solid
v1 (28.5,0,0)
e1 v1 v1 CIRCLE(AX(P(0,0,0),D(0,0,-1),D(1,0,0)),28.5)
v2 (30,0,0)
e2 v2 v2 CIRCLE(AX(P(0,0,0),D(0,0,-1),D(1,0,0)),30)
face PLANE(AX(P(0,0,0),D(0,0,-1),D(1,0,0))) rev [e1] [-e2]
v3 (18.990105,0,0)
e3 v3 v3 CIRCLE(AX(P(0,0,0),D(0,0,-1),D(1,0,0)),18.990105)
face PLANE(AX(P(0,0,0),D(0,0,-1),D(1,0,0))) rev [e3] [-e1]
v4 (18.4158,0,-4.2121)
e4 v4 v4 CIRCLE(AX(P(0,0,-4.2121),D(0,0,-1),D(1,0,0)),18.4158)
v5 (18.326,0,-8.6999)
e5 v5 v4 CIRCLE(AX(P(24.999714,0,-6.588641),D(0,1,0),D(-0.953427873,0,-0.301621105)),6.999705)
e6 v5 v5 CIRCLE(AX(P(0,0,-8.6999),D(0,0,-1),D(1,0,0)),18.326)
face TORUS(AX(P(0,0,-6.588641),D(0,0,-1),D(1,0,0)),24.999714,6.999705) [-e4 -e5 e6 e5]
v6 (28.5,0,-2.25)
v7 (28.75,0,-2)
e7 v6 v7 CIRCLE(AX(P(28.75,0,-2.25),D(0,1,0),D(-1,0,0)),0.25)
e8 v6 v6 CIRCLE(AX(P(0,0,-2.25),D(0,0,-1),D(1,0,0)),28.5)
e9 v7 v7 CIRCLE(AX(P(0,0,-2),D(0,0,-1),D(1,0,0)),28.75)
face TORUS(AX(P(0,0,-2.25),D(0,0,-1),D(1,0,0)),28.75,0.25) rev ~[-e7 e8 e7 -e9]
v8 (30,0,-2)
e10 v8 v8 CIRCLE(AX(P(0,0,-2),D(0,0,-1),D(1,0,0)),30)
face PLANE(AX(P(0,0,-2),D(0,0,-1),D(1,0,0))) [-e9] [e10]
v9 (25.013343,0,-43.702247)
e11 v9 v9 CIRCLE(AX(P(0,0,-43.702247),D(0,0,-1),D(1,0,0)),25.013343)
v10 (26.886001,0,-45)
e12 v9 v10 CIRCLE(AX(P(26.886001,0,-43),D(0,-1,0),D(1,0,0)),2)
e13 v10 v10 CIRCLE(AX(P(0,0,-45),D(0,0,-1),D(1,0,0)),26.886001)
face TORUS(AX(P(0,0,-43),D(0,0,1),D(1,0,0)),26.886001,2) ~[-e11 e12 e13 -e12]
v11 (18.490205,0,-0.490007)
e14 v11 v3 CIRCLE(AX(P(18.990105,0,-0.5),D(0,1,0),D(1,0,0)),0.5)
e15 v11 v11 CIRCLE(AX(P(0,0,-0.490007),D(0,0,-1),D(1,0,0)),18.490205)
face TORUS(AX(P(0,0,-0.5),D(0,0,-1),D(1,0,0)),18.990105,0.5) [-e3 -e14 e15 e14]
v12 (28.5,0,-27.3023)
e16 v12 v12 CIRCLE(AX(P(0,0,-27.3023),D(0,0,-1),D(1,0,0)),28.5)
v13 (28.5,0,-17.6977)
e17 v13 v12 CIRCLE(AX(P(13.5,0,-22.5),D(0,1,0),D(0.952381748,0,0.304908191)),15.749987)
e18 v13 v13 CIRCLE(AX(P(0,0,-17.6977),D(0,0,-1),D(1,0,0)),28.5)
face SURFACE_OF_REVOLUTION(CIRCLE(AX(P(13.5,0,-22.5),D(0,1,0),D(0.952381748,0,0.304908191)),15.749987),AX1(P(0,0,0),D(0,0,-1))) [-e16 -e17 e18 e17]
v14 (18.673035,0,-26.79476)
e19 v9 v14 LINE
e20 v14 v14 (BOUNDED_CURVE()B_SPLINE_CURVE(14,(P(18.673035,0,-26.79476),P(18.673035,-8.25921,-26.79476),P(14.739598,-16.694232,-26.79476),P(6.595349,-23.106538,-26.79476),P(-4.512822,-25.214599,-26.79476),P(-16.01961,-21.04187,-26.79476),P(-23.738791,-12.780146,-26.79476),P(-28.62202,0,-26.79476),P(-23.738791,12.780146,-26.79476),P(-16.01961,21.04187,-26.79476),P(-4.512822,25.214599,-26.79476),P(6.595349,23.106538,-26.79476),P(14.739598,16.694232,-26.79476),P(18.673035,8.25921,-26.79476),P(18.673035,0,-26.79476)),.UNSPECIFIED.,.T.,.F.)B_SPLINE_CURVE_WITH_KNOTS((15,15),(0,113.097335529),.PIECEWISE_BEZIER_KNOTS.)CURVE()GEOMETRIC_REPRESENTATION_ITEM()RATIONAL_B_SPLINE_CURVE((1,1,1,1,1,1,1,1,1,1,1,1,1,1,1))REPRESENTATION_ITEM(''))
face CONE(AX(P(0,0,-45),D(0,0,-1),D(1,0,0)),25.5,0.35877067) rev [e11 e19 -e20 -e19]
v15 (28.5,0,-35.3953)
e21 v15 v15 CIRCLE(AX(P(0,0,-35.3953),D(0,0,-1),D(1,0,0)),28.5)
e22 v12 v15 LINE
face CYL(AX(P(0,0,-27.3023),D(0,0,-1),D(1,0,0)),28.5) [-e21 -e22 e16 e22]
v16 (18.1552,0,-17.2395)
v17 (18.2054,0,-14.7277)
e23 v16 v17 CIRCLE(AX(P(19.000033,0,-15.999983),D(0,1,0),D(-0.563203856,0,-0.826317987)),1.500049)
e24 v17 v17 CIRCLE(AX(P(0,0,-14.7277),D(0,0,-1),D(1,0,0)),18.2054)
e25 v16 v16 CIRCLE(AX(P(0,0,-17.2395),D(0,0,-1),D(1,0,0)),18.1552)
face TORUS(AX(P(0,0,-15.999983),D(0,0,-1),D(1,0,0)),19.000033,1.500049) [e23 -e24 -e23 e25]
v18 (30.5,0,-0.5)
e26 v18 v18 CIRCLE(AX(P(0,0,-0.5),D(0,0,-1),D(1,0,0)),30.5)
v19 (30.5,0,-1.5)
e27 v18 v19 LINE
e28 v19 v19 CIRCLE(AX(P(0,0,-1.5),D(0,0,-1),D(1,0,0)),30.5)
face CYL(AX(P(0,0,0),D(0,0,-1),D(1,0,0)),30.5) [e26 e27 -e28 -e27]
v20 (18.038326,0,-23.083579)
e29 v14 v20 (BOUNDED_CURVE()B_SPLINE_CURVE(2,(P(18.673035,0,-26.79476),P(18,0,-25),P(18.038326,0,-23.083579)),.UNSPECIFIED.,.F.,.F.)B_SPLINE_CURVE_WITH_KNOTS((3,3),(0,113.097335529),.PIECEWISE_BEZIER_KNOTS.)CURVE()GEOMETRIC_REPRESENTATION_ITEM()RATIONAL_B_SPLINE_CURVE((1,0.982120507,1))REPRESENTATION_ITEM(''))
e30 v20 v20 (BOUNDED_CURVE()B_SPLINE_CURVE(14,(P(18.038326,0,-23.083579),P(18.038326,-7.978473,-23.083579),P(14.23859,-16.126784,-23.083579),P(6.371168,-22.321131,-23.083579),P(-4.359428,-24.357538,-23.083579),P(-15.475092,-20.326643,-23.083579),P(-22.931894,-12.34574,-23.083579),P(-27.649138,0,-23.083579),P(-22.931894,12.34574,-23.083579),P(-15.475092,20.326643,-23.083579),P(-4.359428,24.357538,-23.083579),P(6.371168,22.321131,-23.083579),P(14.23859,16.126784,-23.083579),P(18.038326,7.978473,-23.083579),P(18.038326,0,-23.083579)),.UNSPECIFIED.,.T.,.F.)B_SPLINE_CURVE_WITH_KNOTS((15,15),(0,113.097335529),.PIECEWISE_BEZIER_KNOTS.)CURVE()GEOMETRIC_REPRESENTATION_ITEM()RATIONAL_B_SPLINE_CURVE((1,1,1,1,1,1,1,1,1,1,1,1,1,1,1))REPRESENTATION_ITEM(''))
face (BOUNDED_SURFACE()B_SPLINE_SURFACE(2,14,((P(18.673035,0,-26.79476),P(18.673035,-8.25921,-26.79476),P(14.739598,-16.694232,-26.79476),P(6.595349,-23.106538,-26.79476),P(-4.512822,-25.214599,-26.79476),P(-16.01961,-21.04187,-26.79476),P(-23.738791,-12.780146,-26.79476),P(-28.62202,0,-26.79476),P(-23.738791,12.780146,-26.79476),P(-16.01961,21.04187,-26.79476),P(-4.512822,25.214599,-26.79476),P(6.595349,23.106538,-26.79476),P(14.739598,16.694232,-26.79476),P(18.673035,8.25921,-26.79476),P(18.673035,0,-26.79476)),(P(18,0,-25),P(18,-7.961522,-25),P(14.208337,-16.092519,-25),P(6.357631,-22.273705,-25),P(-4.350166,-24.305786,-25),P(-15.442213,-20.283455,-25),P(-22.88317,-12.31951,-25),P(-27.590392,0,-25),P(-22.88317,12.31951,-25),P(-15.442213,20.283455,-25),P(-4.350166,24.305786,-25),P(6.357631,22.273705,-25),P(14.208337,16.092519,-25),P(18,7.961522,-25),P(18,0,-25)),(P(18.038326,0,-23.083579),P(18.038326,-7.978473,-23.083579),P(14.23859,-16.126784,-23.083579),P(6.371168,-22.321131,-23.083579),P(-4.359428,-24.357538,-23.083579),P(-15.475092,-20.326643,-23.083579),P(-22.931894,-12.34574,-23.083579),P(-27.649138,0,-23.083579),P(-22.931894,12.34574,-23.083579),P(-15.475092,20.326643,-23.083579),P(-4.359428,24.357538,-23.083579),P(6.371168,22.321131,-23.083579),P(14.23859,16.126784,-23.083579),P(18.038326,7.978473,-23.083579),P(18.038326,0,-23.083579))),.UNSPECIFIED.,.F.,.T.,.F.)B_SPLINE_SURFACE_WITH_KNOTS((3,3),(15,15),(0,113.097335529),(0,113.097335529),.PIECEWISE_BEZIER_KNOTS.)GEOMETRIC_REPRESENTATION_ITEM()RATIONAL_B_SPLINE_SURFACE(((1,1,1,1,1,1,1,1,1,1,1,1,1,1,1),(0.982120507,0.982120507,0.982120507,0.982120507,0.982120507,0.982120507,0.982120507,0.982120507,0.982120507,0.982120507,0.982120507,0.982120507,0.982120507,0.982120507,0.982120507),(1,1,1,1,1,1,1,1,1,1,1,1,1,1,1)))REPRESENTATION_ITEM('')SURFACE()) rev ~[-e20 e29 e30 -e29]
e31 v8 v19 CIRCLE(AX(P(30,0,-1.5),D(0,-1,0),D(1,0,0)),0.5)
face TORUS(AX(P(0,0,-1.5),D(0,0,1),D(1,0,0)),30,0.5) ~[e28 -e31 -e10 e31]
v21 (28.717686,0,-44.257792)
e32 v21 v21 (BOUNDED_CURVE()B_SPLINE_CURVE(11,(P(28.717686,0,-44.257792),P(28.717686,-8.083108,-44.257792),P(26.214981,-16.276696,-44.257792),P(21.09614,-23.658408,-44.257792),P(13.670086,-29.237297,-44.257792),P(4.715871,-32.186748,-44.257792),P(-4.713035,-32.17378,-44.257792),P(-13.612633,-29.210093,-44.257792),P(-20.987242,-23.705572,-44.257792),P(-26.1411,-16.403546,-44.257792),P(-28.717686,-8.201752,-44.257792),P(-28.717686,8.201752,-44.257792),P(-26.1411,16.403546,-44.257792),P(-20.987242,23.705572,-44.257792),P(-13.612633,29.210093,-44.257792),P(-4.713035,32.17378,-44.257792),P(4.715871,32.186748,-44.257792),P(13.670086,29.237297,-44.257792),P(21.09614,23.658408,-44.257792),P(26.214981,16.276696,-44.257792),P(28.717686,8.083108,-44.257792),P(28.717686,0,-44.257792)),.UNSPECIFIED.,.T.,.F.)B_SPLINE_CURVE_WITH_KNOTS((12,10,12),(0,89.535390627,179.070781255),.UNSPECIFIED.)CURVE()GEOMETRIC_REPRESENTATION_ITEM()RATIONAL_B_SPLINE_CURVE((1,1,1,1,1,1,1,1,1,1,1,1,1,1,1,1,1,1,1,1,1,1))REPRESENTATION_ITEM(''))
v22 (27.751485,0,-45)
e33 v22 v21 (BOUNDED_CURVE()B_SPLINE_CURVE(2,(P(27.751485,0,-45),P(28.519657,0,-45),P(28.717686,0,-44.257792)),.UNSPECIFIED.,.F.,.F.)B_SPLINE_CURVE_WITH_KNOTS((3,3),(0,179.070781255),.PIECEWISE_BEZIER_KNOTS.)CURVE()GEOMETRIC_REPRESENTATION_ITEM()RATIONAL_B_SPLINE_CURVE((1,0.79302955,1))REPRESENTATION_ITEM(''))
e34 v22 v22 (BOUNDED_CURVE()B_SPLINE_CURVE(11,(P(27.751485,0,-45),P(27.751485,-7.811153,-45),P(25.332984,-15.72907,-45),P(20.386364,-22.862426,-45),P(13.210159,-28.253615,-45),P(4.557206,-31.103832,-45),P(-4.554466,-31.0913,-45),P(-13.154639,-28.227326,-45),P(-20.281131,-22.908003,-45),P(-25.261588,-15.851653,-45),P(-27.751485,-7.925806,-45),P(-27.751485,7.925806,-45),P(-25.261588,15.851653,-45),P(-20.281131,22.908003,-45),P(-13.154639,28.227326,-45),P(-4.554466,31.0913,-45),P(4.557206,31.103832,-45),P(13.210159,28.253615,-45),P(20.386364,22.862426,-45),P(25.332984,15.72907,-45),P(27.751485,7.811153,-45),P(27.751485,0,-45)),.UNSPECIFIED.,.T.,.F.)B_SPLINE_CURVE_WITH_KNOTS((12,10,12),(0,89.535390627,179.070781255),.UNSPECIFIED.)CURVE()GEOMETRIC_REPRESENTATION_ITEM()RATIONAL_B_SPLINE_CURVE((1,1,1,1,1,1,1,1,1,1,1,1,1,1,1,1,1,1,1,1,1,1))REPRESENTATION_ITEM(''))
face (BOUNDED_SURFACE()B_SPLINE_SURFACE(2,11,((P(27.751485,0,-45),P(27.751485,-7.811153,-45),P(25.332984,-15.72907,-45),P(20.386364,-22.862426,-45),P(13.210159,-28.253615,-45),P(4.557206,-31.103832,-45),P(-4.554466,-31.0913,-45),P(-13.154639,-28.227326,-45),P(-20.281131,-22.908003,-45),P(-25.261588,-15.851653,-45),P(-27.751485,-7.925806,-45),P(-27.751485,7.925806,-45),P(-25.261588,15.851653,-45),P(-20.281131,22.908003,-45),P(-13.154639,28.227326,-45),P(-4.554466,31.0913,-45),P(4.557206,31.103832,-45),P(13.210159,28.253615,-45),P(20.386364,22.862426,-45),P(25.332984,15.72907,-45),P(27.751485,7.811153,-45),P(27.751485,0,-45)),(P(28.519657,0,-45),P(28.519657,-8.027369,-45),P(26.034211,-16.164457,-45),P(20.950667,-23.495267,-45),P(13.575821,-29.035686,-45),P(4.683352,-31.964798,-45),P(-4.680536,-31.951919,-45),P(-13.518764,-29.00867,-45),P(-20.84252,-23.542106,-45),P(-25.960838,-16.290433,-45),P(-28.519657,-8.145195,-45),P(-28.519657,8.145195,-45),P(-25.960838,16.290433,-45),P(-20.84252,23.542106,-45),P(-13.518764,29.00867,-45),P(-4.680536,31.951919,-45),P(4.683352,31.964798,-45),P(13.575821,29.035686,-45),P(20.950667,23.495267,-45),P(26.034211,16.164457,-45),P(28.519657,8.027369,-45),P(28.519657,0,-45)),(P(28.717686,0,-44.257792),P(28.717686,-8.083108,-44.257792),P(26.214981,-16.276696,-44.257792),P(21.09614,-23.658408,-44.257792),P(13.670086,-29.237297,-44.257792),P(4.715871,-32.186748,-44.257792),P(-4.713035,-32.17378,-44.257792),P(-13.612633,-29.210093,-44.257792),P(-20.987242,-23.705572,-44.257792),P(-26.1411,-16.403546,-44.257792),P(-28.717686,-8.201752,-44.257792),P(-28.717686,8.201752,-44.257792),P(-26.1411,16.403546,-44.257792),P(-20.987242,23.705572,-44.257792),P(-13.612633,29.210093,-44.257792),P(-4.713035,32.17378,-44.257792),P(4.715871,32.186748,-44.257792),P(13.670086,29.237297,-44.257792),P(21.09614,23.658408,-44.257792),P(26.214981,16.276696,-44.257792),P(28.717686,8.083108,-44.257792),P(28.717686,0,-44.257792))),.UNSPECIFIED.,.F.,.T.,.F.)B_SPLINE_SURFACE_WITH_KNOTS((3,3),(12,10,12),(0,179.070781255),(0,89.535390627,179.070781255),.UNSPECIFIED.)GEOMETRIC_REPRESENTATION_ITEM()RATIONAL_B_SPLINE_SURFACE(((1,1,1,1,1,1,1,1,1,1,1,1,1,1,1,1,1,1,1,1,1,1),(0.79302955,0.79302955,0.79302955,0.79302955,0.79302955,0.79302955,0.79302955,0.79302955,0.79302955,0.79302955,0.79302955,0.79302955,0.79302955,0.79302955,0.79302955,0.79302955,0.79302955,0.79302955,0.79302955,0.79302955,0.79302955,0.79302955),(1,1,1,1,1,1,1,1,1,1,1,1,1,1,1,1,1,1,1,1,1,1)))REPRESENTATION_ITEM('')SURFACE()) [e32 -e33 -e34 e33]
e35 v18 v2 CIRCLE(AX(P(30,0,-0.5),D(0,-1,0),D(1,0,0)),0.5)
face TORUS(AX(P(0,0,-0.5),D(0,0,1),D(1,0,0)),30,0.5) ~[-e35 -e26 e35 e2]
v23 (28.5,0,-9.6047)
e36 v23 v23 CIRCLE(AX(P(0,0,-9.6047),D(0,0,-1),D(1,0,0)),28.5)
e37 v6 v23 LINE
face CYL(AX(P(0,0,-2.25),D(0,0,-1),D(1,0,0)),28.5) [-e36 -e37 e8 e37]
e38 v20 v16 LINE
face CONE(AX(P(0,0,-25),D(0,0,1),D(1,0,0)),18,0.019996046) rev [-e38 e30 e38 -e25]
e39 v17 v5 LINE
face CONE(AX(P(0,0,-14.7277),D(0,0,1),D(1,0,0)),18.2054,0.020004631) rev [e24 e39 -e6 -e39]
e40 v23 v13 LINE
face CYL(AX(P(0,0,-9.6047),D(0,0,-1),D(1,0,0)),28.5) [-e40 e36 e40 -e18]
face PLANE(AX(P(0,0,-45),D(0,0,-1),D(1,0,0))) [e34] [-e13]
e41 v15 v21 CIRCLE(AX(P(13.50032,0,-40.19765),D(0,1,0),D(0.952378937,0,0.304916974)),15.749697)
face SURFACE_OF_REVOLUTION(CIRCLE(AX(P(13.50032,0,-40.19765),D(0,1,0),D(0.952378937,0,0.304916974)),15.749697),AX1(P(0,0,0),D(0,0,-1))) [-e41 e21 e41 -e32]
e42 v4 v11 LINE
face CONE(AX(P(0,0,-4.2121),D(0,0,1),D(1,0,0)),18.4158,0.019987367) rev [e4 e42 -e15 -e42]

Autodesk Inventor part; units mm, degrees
ref_plane "YZ Plane" through (0, 0, 0) normal (1, 0, 0) x (0, 1, 0)
ref_plane "XZ Plane" through (0, 0, 0) normal (0, 1, 0) x (-1, 0, 0)
ref_plane "XY Plane" through (0, 0, 0) normal (0, 0, 1) x (1, 0, 0)
sketch "Sketch1" plane through (0, 0, 0) normal (0, 1, 0) x (-1, 0, 0)
  line L0 (0, 0) -> (0, -30)
  line L1 (0, 0) -> (-28.5, 0)
  line L2 (-28.5, -45) -> (-25.5, -45)
  line L3 (-25.5, -45) -> (-18, -25)
  line L4 (-18, -25) -> (-18.1552, -17.2395)
  arc A0 (-28.5, -35.3953) -> (-28.5, -45) centre (-13.5, -40.1977) ccw
  arc A1 (-28.5, -17.6977) -> (-28.5, -27.3023) centre (-13.5, -22.5) ccw
  line L5 (-28.5, -27.3023) -> (-28.5, -35.3953)
  line L6 (-28.5, -9.6047) -> (-28.5, -17.6977)
  arc A2 (-18.1552, -17.2395) -> (-18.2054, -14.7277) centre (-19, -16) ccw
  line L7 (-18.2054, -14.7277) -> (-18.326, -8.6999)
  line L8 (-30.5, 0) -> (-30.5, -2)
  line L9 (-30.5, -2) -> (-28.75, -2)
  line L10 (-28.5, 0) -> (-30.5, 0)
  line L11 (-28.5, -2.25) -> (-28.5, -9.6047)
  arc A3 (-28.5, -2.25) -> (-28.75, -2) centre (-28.75, -2.25) ccw
  arc A4 (-18.326, -8.6999) -> (-18.4158, -4.2121) centre (-25, -6.5886) ccw
  line L12 (-18.4158, -4.2121) -> (-18.5, 0)
  dimension "d0" = 30
  dimension "d13" = 3
  dimension "d14" = 25
  dimension "d15" = 45
  dimension "d16" = 18
  dimension "d17" = 18.5
  dimension "d22" = 22.5
  dimension "d25" = 16
  dimension "d26" = 19
  dimension "d27" = 3
  dimension "d28" = 28.5
  dimension "d32" = 2
  dimension "d33" = 2
  dimension "d34" = 0.25
  dimension "d37" = 25
revolve "Revolution1" add sketch "Sketch1" angle 360 about axis through (0, 0, 0) along (0, 0, -1)
fillet "Fillet1" radius 0.5 1 edges at (-18.5, 0, 0)
fillet "Fillet2" radius 2 1 edges at (-25.5, 0, -45)
fillet "Fillet3" radius 1 1 edges at (-28.5, 0, -45)
fillet "Fillet4" radius 0.5 2 edges at (-30.5, 0, -2) (-30.5, 0, 0)
fillet "Fillet5" radius 10 1 edges at (-18, 0, -25)
equation "\"d22\" = 0.5 * d15"
properties part number "DustPortConvertor"
